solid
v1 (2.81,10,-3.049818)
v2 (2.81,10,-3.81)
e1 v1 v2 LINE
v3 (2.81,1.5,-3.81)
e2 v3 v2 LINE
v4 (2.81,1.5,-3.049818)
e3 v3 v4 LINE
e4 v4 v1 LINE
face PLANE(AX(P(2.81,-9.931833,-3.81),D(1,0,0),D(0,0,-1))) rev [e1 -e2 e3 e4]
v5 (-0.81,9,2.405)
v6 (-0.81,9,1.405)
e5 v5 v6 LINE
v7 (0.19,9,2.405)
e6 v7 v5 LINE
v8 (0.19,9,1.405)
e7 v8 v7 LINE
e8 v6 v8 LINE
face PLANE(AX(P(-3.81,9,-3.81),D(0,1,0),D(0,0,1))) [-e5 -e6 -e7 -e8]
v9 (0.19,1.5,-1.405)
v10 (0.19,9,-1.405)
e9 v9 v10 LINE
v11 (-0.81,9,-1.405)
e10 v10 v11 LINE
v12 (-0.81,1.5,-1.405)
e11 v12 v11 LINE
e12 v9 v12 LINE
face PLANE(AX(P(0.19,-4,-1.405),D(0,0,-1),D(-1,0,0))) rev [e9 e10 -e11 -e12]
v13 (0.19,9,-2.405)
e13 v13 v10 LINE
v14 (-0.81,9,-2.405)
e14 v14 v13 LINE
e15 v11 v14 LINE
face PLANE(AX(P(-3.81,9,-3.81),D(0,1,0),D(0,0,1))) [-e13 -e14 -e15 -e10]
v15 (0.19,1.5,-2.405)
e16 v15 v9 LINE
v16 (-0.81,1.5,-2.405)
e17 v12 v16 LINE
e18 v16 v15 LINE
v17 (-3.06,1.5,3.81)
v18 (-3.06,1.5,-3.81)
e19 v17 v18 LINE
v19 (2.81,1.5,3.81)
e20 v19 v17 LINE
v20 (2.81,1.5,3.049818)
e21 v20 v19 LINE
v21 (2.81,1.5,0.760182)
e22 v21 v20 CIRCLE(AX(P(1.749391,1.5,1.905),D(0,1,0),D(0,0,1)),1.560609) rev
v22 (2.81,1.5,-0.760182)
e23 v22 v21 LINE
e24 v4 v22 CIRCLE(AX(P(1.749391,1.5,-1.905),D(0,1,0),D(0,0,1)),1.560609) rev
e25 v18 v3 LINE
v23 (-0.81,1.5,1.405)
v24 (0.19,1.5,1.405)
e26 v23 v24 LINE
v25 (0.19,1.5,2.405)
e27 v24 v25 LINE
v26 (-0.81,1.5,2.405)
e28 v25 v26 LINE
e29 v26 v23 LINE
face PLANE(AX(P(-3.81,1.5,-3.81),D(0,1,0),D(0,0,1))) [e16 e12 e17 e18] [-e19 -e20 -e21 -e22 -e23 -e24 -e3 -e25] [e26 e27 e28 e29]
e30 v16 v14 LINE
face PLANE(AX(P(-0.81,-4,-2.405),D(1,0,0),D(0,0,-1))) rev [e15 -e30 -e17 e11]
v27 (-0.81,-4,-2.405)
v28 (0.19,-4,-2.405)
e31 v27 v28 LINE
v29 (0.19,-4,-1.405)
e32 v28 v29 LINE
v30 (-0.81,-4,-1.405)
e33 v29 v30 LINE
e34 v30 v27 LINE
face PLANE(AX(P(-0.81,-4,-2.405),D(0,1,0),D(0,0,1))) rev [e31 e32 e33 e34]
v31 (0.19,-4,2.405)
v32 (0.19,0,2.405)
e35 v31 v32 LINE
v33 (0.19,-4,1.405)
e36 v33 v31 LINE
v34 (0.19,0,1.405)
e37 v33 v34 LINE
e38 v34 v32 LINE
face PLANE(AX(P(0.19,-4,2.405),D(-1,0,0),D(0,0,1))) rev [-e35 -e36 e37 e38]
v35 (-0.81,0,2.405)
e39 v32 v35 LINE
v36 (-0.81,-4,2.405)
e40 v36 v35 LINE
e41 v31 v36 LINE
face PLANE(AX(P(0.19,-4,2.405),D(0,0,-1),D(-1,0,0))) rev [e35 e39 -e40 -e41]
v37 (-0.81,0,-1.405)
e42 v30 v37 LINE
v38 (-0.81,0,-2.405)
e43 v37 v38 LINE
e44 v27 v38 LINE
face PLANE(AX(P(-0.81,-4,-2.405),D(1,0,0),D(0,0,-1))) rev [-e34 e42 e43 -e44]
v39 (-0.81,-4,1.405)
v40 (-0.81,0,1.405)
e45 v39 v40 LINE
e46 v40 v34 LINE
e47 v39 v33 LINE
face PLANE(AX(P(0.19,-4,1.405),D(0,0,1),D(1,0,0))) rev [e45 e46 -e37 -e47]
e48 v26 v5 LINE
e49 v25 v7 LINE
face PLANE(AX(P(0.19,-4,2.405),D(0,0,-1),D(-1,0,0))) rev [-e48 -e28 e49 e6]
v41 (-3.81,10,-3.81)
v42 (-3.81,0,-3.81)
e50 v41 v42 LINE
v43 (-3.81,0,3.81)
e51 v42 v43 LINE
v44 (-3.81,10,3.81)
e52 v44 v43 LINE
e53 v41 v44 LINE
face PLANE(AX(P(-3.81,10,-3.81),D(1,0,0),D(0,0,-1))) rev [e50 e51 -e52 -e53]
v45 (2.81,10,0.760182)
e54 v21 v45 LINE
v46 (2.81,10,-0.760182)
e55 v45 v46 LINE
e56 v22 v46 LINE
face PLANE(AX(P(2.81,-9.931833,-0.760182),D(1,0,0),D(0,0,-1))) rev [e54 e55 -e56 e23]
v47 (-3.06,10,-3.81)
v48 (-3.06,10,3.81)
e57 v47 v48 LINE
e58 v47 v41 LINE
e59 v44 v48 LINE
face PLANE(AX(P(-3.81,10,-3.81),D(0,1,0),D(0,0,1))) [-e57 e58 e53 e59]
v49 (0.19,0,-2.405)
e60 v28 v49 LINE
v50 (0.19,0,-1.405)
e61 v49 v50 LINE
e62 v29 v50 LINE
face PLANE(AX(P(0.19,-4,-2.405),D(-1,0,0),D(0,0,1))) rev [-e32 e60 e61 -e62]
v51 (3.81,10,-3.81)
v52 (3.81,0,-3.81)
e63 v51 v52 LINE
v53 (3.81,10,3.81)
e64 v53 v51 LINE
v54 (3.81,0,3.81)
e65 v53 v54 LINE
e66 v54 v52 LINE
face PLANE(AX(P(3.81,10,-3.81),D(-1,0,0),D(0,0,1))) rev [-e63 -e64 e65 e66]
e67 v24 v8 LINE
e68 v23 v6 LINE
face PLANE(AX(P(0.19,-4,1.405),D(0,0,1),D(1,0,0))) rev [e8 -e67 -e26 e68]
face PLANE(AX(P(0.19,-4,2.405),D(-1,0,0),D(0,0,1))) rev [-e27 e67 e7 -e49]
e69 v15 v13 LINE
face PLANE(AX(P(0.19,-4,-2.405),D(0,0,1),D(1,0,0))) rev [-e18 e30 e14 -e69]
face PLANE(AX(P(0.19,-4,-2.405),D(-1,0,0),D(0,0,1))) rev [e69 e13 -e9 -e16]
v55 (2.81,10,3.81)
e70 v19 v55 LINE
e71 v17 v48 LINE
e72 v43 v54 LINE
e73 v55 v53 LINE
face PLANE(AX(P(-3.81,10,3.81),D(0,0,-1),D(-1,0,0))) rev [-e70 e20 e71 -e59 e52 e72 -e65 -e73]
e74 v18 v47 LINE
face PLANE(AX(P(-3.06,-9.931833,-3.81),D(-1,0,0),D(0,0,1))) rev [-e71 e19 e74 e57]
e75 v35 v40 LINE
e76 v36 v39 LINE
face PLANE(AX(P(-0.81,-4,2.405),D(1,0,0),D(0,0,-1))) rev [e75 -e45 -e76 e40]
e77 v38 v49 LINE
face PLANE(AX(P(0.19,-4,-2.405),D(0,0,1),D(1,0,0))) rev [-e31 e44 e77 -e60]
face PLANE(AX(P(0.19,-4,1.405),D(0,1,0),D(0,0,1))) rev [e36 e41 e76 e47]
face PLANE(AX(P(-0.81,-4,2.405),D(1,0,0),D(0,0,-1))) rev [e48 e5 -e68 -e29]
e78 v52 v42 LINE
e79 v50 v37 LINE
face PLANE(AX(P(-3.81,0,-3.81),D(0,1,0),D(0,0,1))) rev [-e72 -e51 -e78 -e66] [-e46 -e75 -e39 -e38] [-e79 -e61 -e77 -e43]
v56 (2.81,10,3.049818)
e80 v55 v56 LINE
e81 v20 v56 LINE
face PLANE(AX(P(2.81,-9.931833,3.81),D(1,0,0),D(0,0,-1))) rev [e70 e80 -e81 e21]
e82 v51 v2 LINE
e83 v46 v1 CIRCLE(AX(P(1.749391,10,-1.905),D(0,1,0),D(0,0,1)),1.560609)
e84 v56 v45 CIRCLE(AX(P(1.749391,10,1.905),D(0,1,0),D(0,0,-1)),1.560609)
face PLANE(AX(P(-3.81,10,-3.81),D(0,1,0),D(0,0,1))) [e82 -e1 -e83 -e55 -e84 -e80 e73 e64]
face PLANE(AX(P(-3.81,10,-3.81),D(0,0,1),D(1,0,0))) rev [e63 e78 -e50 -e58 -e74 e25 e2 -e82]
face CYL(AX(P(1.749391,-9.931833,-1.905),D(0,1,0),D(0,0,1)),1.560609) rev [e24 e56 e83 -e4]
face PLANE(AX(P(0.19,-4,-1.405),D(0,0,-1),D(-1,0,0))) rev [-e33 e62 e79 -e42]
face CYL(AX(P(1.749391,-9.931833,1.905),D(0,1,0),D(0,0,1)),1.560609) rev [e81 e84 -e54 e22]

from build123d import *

# Parameters (mm, degrees)
SKETCH_1_W           = 7.62
SKETCH_1_H           = 7.62
EXTRUDE_1_DEPTH      = 10
CUT_EXTRUDE_1_DEPTH  = 8.5
EXTRUDE_2_DEPTH      = 4
EXTRUDE_2_DEPTH_BACK = 9
SKETCH_3_W           = 1
SKETCH_3_H           = 1


with BuildPart() as part:
    # 草图1 → 拉伸1 (new body)
    with BuildSketch(Plane(origin=(0, 0, 0), x_dir=(1, 0, 0), z_dir=(0, 1, 0))):
        Rectangle(SKETCH_1_W, SKETCH_1_H)
    extrude(amount=EXTRUDE_1_DEPTH)

    # 草图2 → 切除-拉伸1 (cut)
    with BuildSketch(Plane(origin=(0, 10, 0), x_dir=(-1, 0, 0), z_dir=(0, 1, 0))):
        with BuildLine():
            Line((-2.81, -3.81), (-2.81, -3.049818304))
            ThreePointArc((-2.81, -3.049818304), (-3.31, -1.905), (-2.81, -0.760181696))
            Line((-2.81, -0.760181696), (-2.81, 0.760181696))
            ThreePointArc((-2.81, 0.760181696), (-3.31, 1.905), (-2.81, 3.049818304))
            Line((-2.81, 3.049818304), (-2.81, 3.81))
            Line((-2.81, 3.81), (3.06, 3.81))
            Line((3.06, 3.81), (3.06, -3.81))
            Line((3.06, -3.81), (-2.81, -3.81))
        make_face()
    extrude(amount=-CUT_EXTRUDE_1_DEPTH, mode=Mode.SUBTRACT)

    # 草图3 → 拉伸2 (add, two sides: drawn at the far end of the back side and taken through both)
    with BuildSketch(Plane.XZ.offset(-EXTRUDE_2_DEPTH_BACK)):
        with Locations((-0.31, 1.905)):
            Rectangle(SKETCH_3_W, SKETCH_3_H)
        with Locations((-0.31, -1.905)):
            Rectangle(SKETCH_3_W, SKETCH_3_H)
    extrude(amount=EXTRUDE_2_DEPTH + EXTRUDE_2_DEPTH_BACK)


solid = part.part
